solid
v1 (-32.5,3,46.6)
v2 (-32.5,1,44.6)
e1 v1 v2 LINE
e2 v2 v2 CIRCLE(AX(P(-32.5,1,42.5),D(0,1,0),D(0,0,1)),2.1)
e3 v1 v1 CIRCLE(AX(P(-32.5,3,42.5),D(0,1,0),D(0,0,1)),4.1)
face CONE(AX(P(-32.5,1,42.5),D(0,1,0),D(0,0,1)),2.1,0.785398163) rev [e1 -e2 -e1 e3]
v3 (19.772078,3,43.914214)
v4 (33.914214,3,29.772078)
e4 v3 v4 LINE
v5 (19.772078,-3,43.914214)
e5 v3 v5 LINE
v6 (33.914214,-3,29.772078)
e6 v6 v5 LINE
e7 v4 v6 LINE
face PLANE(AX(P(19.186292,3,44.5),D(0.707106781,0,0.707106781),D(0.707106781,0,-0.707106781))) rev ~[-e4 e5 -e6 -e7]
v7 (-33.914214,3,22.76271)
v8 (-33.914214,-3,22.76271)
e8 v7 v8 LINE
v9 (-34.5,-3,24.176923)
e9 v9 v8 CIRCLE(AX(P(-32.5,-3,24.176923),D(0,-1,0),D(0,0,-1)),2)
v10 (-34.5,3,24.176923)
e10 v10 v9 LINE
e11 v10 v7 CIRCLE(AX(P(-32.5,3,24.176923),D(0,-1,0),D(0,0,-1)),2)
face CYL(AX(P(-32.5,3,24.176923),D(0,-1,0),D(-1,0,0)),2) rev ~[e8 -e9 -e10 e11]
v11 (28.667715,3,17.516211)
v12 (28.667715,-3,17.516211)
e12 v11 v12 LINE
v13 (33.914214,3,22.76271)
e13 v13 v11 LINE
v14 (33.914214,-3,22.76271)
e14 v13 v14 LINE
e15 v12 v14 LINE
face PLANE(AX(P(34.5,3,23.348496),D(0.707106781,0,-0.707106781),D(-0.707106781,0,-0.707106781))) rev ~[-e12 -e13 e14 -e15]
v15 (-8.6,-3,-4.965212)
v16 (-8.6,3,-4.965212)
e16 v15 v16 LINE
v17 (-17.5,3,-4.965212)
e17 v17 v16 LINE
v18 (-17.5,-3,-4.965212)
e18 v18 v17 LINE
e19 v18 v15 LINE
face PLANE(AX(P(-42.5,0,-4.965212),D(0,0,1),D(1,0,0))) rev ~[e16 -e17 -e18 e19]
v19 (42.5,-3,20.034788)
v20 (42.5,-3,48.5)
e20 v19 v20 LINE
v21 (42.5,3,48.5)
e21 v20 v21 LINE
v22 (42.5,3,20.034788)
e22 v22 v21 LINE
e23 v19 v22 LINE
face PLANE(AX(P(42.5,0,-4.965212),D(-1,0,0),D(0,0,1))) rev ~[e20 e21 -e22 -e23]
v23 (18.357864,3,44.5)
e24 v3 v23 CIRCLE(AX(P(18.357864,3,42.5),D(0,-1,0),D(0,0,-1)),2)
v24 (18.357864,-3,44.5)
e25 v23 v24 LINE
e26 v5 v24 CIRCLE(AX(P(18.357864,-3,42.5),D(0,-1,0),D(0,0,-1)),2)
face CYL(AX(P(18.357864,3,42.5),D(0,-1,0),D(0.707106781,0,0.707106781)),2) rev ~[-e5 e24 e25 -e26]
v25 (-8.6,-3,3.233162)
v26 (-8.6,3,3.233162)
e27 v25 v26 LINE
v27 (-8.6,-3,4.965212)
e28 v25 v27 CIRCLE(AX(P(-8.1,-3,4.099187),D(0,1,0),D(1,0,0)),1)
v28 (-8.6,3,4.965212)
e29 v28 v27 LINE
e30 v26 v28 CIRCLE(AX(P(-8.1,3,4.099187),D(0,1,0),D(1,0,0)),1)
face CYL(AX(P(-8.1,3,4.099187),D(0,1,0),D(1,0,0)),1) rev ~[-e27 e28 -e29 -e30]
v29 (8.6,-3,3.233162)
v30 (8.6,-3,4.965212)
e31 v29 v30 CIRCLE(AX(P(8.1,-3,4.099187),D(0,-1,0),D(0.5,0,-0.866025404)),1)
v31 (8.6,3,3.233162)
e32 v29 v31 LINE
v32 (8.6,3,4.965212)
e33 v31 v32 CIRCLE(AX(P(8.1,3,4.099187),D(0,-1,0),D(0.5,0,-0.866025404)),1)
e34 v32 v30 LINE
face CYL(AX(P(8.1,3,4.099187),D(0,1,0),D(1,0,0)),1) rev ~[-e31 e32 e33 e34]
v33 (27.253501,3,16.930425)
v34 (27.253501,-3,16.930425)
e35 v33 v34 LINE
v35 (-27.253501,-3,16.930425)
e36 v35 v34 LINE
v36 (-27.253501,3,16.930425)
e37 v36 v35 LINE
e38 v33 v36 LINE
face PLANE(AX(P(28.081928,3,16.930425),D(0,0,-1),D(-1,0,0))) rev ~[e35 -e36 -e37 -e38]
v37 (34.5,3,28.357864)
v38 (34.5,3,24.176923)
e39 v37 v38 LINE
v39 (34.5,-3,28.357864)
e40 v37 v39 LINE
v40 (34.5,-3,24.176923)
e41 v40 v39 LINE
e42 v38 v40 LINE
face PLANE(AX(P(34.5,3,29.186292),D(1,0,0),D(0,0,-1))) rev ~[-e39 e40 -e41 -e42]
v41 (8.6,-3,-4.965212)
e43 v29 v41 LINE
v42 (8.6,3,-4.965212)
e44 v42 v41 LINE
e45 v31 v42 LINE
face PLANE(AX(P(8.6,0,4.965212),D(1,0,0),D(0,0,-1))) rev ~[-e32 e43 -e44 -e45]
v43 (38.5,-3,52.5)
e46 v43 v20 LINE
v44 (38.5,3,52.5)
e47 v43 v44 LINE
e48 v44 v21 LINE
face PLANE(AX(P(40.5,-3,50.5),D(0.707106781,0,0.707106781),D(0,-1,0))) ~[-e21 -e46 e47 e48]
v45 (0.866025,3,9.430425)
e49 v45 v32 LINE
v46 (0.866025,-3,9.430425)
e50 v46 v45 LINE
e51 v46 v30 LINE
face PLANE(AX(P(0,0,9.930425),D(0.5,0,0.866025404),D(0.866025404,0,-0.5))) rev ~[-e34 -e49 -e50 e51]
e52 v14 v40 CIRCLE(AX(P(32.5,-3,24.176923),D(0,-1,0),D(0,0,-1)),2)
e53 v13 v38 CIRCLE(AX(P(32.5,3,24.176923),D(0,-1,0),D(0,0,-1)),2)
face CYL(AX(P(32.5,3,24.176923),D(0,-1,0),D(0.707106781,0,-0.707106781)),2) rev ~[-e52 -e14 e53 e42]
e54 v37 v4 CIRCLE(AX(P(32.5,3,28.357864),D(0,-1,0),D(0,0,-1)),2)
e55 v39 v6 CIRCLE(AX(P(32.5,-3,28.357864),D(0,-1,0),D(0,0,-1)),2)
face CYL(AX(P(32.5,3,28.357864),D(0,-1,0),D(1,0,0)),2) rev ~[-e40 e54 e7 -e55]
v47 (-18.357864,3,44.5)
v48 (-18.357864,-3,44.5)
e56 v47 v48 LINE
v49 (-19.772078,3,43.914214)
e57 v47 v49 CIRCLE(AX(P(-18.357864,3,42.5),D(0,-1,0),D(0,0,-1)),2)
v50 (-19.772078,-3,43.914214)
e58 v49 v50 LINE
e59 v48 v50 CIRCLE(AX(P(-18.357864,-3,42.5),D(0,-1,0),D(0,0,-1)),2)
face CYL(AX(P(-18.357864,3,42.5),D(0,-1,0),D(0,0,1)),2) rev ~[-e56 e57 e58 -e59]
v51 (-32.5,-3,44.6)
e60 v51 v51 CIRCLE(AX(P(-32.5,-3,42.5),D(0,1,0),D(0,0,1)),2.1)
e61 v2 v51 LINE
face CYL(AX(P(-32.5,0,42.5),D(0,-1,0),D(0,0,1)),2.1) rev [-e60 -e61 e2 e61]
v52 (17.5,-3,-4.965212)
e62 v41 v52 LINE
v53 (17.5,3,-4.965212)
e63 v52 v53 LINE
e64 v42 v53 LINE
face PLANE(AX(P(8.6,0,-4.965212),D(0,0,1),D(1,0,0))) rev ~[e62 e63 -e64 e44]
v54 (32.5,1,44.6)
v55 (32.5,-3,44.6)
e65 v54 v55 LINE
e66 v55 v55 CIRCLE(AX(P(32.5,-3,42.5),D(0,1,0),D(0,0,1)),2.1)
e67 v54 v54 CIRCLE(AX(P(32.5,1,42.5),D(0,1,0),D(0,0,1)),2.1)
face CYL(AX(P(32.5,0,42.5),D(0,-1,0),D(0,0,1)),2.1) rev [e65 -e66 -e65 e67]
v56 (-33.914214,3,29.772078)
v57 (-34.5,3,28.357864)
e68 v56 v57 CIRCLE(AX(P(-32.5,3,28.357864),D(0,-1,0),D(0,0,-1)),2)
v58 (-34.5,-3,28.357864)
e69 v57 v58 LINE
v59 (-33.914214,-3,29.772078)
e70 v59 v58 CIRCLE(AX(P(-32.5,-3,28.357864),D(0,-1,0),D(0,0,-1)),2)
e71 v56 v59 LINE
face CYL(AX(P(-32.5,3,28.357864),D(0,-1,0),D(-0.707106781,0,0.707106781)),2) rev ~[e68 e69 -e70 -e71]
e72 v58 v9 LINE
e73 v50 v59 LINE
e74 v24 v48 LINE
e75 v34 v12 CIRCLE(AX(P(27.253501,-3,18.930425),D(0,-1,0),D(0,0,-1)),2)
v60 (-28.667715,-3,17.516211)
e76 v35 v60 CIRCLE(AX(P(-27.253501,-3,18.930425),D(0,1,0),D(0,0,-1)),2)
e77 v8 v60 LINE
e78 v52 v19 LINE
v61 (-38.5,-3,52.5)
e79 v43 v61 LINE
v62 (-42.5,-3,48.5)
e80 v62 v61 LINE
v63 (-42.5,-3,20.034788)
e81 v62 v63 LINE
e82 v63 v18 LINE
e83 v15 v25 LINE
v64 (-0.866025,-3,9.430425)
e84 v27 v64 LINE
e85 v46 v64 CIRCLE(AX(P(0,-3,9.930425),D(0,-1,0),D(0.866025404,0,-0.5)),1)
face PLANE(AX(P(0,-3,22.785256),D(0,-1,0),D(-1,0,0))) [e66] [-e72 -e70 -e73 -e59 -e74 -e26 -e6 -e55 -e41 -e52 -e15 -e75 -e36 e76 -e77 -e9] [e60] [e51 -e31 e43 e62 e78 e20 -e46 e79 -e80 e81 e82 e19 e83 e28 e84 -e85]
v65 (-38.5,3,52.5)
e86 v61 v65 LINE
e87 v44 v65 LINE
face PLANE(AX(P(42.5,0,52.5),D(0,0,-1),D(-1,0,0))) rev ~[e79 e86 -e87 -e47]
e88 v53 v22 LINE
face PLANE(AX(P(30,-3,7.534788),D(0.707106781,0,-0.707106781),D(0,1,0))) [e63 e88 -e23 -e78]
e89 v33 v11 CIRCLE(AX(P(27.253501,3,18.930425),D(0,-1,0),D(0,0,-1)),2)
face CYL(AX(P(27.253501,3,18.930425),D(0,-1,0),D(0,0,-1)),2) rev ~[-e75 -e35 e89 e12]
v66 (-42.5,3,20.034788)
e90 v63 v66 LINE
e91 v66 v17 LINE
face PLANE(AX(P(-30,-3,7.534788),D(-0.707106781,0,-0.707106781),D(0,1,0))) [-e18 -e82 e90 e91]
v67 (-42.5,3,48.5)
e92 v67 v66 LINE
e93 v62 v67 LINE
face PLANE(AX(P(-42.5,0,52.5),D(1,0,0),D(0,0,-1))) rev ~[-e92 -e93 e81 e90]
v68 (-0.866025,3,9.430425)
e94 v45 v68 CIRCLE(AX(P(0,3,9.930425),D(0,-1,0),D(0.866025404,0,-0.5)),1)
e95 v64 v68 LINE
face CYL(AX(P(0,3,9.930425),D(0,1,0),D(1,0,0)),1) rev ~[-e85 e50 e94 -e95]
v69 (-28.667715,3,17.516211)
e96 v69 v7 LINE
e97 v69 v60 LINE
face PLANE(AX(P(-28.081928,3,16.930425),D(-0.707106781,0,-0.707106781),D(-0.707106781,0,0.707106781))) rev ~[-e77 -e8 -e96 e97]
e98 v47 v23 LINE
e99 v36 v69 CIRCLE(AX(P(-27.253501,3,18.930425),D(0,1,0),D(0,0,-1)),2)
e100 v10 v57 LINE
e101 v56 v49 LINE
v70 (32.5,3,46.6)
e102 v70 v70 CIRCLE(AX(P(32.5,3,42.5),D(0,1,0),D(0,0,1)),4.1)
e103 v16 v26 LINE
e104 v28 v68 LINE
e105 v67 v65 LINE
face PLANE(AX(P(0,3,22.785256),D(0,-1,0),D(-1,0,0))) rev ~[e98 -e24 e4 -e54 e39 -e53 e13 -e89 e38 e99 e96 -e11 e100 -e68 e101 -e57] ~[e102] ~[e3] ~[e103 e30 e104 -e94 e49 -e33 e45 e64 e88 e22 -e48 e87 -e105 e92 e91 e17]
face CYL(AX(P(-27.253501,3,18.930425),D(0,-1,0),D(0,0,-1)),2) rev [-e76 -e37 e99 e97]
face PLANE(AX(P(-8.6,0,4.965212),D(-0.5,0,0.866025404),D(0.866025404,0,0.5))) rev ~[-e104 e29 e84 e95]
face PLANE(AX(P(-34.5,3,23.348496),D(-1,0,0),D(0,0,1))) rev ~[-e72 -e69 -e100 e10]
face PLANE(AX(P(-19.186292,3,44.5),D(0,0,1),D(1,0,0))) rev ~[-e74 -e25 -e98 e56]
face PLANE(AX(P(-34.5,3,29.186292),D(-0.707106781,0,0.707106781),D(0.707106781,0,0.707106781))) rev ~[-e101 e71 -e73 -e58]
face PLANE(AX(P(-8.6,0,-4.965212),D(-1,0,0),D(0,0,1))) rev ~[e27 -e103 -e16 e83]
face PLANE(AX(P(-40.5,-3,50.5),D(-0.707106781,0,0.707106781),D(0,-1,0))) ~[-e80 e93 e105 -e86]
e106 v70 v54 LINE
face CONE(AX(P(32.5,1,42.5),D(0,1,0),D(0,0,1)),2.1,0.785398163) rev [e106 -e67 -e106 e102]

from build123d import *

# Parameters (mm, degrees)
SKETCH_1_R          = 2.1
EXTRUDE_1_DEPTH     = 3
CHAMFER_1_SIZE      = 25
SKETCH_4_R          = 1
CUT_EXTRUDE_1_DEPTH = 68.812240783
CUT_EXTRUDE_2_DEPTH = 68.812240783
CHAMFER_2_SIZE      = 4
FILLET_1_R          = 2
CHAMFER_3_SIZE      = 2


with BuildPart() as part:
    # 草图1 → 凸台-拉伸1 (new, symmetric)
    with BuildSketch(Plane(origin=(0, 0, 0), x_dir=(1, 0, 0), z_dir=(0, 1, 0))):
        Polygon((-8.6, 4.965212315), (-8.6, -4.965212315), (0, -9.93042463), (8.6, -4.965212315), (8.6, 4.965212315), (42.5, 4.965212315), (42.5, -52.5), (-42.5, -52.5), (-42.5, 4.965212315), align=None)
        with Locations(Location((-32.5, -42.5, 0), (0, 0, 270))):
            Circle(SKETCH_1_R, mode=Mode.SUBTRACT)
        with Locations(Location((32.5, -42.5, 0), (0, 0, 270))):
            Circle(SKETCH_1_R, mode=Mode.SUBTRACT)
    extrude(amount=EXTRUDE_1_DEPTH, both=True)

    # 倒角1
    chamfer_1_edges = [part.edges().sort_by_distance(p)[0] for p in [
        (42.5, 0, -4.965212315),
        (-42.5, 0, -4.965212315),
    ]]
    chamfer(chamfer_1_edges, length=CHAMFER_1_SIZE)

    # 草图4 → 切除-拉伸1 (cut, through all)
    with BuildSketch(Plane(origin=(0, 3, 0), x_dir=(1, 0, 0), z_dir=(0, 1, 0))):
        with Locations((0, -9.93042463)):
            Circle(SKETCH_4_R)
        with Locations((-8.1, -4.099186911)):
            Circle(SKETCH_4_R)
        with Locations((8.1, -4.099186911)):
            Circle(SKETCH_4_R)
    extrude(amount=-CUT_EXTRUDE_1_DEPTH, mode=Mode.SUBTRACT)

    # 草图3 → 切除-拉伸2 (cut, through all)
    with BuildSketch(Plane(origin=(0, 3, 0), x_dir=(1, 0, 0), z_dir=(0, 1, 0))):
        Polygon((-28.081928446, -16.93042463), (-34.5, -23.348496184), (-34.5, -29.186291501), (-19.186291501, -44.5), (19.186291501, -44.5), (34.5, -29.186291501), (34.5, -23.348496184), (28.081928446, -16.93042463), align=None)
    extrude(amount=-CUT_EXTRUDE_2_DEPTH, mode=Mode.SUBTRACT)

    # 倒角2
    chamfer_2_edges = [part.edges().sort_by_distance(p)[0] for p in [
        (42.5, 0, 52.5),
        (-42.5, 0, 52.5),
    ]]
    chamfer(chamfer_2_edges, length=CHAMFER_2_SIZE)

    # 圆角1
    fillet_1_edges = [part.edges().sort_by_distance(p)[0] for p in [
        (-28.081928446, 0, 16.93042463),
        (28.081928446, 0, 16.93042463),
        (34.5, 0, 23.348496184),
        (34.5, 0, 29.186291501),
        (19.186291501, 0, 44.5),
        (-19.186291501, 0, 44.5),
        (-34.5, 0, 29.186291501),
        (-34.5, 0, 23.348496184),
    ]]
    fillet(fillet_1_edges, radius=FILLET_1_R)

    # 倒角3
    chamfer_3_edges = [part.edges().sort_by_distance(p)[0] for p in [
        (-32.5, 3, 40.4),
        (32.5, 3, 40.4),
    ]]
    chamfer(chamfer_3_edges, length=CHAMFER_3_SIZE)


solid = part.part
